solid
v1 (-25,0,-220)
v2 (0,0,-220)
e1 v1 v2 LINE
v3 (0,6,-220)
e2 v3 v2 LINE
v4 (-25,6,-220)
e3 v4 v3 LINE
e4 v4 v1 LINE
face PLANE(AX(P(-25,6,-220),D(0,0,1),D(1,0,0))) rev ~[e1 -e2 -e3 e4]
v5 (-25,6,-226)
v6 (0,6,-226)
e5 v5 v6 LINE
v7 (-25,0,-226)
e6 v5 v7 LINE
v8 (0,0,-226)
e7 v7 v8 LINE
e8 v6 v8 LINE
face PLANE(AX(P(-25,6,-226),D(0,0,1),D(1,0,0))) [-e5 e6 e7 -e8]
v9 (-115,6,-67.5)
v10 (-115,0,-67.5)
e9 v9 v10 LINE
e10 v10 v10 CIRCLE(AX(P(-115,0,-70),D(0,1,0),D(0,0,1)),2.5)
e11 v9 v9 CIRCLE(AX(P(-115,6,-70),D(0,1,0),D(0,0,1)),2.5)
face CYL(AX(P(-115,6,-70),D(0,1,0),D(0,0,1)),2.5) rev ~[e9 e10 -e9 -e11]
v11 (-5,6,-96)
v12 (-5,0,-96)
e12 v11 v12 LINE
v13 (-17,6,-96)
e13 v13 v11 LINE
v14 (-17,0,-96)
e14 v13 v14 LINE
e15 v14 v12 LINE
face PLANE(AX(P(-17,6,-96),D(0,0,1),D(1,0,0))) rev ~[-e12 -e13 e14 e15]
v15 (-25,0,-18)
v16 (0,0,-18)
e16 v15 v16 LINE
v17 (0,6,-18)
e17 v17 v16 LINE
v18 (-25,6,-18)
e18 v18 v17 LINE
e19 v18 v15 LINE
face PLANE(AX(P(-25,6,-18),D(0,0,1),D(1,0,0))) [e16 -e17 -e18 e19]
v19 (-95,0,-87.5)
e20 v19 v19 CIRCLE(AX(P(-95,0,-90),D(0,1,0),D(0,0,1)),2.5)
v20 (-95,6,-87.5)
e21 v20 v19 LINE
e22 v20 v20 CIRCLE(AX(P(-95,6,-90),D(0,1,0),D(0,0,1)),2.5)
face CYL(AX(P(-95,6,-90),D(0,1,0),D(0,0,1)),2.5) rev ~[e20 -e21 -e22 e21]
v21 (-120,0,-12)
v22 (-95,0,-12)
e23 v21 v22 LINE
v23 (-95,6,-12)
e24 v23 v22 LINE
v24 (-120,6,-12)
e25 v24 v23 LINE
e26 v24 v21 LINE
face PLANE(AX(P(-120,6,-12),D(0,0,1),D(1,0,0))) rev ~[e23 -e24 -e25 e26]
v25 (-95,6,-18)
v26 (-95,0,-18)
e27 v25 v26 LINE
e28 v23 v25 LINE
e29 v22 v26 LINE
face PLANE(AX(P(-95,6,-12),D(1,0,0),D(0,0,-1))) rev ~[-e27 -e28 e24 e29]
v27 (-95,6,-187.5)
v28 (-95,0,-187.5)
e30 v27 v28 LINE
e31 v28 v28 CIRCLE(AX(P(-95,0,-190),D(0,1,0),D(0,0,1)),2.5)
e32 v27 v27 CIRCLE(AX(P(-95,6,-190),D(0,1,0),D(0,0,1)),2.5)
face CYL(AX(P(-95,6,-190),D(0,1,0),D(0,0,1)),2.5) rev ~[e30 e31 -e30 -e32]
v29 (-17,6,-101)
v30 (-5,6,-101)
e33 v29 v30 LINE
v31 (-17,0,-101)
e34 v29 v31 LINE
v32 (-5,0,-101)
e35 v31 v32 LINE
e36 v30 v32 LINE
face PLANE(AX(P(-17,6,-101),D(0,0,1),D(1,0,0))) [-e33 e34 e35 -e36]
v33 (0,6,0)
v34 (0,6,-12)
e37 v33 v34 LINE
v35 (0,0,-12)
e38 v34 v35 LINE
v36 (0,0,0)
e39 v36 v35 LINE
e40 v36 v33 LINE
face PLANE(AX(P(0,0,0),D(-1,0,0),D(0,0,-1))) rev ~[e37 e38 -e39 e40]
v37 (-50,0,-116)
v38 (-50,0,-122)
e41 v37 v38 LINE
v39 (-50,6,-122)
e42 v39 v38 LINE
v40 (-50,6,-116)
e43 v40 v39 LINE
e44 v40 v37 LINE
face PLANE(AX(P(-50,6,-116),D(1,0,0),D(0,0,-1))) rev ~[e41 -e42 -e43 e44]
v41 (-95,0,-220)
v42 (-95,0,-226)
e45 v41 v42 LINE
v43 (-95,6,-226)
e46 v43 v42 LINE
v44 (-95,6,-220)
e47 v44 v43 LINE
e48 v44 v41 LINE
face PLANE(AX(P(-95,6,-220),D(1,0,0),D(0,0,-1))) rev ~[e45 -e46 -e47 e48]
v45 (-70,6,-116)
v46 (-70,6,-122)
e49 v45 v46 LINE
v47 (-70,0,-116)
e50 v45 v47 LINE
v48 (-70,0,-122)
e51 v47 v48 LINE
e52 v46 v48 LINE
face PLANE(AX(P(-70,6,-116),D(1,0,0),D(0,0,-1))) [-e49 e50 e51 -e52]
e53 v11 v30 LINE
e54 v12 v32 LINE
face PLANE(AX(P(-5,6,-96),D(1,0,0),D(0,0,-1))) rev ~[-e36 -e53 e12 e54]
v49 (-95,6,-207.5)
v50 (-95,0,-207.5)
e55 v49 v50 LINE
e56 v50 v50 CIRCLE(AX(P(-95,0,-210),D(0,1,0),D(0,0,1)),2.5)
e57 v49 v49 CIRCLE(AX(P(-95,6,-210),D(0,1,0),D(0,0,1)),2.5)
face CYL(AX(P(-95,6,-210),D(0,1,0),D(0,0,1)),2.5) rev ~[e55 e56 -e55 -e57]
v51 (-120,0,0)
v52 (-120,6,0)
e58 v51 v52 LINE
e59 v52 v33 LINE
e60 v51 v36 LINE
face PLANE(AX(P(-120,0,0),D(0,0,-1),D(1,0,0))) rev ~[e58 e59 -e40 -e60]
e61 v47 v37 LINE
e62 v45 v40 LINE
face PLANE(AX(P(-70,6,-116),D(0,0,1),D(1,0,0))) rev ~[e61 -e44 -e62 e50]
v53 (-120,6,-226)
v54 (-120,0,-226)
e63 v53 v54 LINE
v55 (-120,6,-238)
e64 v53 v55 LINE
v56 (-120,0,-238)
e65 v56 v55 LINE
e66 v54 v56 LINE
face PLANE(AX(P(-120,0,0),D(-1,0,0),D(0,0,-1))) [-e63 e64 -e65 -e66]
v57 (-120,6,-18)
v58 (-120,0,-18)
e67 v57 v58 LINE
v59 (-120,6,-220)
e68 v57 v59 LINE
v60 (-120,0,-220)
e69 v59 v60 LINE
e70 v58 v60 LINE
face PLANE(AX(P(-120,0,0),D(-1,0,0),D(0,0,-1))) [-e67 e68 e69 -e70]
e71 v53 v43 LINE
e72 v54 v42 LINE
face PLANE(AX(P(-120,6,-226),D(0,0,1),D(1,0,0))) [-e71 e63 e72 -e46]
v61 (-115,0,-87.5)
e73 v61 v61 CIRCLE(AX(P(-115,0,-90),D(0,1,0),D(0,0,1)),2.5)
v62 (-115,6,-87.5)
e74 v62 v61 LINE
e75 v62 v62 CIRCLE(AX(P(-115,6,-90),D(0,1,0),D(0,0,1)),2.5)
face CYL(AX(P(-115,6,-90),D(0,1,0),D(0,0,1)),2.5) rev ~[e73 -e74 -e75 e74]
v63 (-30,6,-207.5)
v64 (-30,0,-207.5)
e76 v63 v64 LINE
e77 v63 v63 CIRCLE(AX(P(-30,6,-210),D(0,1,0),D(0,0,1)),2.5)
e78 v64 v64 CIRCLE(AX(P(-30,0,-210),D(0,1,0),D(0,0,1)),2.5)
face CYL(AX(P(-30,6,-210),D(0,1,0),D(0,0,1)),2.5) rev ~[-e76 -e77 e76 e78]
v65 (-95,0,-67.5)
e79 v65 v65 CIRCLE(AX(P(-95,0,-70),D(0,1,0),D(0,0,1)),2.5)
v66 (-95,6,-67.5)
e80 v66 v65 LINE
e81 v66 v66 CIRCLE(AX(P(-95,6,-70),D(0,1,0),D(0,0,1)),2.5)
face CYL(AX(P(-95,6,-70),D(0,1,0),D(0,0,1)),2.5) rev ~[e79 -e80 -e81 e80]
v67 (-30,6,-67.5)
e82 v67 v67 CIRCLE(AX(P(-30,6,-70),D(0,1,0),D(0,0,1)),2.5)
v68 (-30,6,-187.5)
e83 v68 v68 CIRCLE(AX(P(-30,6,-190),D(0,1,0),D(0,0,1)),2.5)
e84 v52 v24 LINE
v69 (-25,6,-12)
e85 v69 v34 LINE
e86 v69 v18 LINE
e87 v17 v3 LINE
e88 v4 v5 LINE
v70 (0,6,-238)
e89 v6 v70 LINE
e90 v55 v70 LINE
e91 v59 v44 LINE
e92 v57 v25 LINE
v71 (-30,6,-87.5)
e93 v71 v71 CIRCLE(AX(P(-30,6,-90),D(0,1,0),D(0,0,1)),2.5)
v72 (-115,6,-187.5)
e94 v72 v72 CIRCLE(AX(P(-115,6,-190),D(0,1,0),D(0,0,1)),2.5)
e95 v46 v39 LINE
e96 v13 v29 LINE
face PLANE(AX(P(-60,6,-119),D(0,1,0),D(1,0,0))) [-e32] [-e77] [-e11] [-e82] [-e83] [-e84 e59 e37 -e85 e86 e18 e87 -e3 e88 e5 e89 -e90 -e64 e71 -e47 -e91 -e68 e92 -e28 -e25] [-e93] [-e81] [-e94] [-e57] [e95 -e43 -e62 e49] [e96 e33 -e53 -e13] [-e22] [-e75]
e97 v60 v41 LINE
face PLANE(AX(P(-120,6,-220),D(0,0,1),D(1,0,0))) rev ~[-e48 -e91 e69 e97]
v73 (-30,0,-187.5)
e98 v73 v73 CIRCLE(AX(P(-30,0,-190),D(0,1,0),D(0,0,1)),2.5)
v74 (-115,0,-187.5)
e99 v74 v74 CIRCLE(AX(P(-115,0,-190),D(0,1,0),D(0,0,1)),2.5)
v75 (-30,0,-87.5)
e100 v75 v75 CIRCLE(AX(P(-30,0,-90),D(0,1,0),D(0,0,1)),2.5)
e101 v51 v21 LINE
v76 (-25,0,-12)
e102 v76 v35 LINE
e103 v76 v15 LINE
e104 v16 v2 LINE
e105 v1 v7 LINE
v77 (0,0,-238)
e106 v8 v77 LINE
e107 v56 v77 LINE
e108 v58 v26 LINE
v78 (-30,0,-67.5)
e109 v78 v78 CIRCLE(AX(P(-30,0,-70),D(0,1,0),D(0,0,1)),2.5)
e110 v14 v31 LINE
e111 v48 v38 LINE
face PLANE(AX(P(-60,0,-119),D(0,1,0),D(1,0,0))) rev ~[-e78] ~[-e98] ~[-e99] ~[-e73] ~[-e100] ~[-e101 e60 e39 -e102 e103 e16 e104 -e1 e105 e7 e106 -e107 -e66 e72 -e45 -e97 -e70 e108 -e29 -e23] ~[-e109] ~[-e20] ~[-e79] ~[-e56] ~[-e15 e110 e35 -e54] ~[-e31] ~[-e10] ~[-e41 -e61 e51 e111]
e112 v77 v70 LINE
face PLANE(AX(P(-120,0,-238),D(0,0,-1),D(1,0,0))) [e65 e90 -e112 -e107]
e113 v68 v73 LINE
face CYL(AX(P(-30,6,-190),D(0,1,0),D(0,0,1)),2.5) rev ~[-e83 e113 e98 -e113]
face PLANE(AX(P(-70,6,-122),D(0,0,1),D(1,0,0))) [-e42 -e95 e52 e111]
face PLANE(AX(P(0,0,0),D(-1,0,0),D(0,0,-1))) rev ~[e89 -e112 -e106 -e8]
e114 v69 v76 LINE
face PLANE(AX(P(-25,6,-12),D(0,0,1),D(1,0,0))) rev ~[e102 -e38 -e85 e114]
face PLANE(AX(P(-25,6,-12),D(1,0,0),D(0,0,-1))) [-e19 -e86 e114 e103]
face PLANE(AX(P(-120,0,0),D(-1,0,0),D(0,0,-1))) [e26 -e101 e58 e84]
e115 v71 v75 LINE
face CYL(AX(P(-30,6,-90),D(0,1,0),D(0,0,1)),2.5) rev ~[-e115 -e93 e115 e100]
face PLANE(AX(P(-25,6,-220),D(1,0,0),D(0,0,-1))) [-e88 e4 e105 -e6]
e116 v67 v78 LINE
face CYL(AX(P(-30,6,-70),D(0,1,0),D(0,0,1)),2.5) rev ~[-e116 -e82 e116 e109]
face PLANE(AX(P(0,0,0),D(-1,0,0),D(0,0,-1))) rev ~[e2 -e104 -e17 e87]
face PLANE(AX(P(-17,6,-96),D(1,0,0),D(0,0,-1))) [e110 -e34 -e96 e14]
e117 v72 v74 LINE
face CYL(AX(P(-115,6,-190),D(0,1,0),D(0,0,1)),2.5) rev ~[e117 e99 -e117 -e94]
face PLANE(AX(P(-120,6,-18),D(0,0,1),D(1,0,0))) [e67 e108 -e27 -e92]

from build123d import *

# Parameters (mm, degrees)
SKETCH1_W            = 120
SKETCH1_H            = 238
BOSS_EXTRUDE1_DEPTH  = 6
SKETCH2_W            = 25
SKETCH2_H            = 6
CUT_EXTRUDE1_DEPTH   = 267.608326952
LPATTERN1_COUNT      = 2
LPATTERN1_PITCH      = 208
LPATTERN1_COUNT_DIR2 = 2
LPATTERN1_PITCH_DIR2 = 95
SKETCH3_W            = 20
SKETCH3_H            = 6
CUT_EXTRUDE2_DEPTH   = 10
SKETCH4_R            = 2.5
CUT_EXTRUDE4_DEPTH   = 10
SKETCH6_W            = 12
SKETCH6_H            = 5
CUT_EXTRUDE5_DEPTH   = 10


with BuildPart() as part:
    # Sketch1 → Boss-Extrude1 (new body)
    with BuildSketch(Plane(origin=(0, 0, 0), x_dir=(1, 0, 0), z_dir=(0, 1, 0))):
        with Locations((-60, 119)):
            Rectangle(SKETCH1_W, SKETCH1_H)
    extrude(amount=BOSS_EXTRUDE1_DEPTH)

    # Sketch2 → Cut-Extrude1 (cut, through all)
    with BuildSketch(Plane(origin=(0, 6, 0), x_dir=(1, 0, 0), z_dir=(0, 1, 0))):
        with Locations((-107.5, 223)):
            Rectangle(SKETCH2_W, SKETCH2_H)
    cut_extrude1 = extrude(amount=-CUT_EXTRUDE1_DEPTH, mode=Mode.SUBTRACT)

    # LPattern1: Cut-Extrude1 2 × 2
    with Locations(*[(j * LPATTERN1_PITCH_DIR2, 0, i * LPATTERN1_PITCH) for i in range(LPATTERN1_COUNT) for j in range(LPATTERN1_COUNT_DIR2) if (i, j) != (0, 0)]):
        add(cut_extrude1, mode=Mode.SUBTRACT)

    # Sketch3 → Cut-Extrude2 (cut)
    with BuildSketch(Plane(origin=(0, 6, 0), x_dir=(1, 0, 0), z_dir=(0, 1, 0))):
        with Locations((-60, 119)):
            Rectangle(SKETCH3_W, SKETCH3_H)
    extrude(amount=-CUT_EXTRUDE2_DEPTH, mode=Mode.SUBTRACT)

    # Sketch4 → Cut-Extrude4 (cut)
    with BuildSketch(Plane(origin=(0, 6, 0), x_dir=(1, 0, 0), z_dir=(0, 1, 0))):
        with Locations(Location((-30, 210, 0), (0, 0, 270))):
            Circle(SKETCH4_R)
        with Locations(Location((-30, 190, 0), (0, 0, 270))):
            Circle(SKETCH4_R)
        with Locations(Location((-95, 210, 0), (0, 0, 270))):
            Circle(SKETCH4_R)
        with Locations(Location((-95, 190, 0), (0, 0, 270))):
            Circle(SKETCH4_R)
        with Locations(Location((-115, 190, 0), (0, 0, 270))):
            Circle(SKETCH4_R)
        with Locations(Location((-95, 90, 0), (0, 0, 270))):
            Circle(SKETCH4_R)
        with Locations(Location((-115, 90, 0), (0, 0, 270))):
            Circle(SKETCH4_R)
        with Locations(Location((-95, 70, 0), (0, 0, 270))):
            Circle(SKETCH4_R)
        with Locations(Location((-30, 90, 0), (0, 0, 270))):
            Circle(SKETCH4_R)
        with Locations(Location((-30, 70, 0), (0, 0, 270))):
            Circle(SKETCH4_R)
        with Locations(Location((-115, 70, 0), (0, 0, 270))):
            Circle(SKETCH4_R)
    extrude(amount=-CUT_EXTRUDE4_DEPTH, mode=Mode.SUBTRACT)

    # Sketch6 → Cut-Extrude5 (cut)
    with BuildSketch(Plane(origin=(0, 6, 0), x_dir=(1, 0, 0), z_dir=(0, 1, 0))):
        with Locations((-11, 98.5)):
            Rectangle(SKETCH6_W, SKETCH6_H)
    extrude(amount=-CUT_EXTRUDE5_DEPTH, mode=Mode.SUBTRACT)


solid = part.part
